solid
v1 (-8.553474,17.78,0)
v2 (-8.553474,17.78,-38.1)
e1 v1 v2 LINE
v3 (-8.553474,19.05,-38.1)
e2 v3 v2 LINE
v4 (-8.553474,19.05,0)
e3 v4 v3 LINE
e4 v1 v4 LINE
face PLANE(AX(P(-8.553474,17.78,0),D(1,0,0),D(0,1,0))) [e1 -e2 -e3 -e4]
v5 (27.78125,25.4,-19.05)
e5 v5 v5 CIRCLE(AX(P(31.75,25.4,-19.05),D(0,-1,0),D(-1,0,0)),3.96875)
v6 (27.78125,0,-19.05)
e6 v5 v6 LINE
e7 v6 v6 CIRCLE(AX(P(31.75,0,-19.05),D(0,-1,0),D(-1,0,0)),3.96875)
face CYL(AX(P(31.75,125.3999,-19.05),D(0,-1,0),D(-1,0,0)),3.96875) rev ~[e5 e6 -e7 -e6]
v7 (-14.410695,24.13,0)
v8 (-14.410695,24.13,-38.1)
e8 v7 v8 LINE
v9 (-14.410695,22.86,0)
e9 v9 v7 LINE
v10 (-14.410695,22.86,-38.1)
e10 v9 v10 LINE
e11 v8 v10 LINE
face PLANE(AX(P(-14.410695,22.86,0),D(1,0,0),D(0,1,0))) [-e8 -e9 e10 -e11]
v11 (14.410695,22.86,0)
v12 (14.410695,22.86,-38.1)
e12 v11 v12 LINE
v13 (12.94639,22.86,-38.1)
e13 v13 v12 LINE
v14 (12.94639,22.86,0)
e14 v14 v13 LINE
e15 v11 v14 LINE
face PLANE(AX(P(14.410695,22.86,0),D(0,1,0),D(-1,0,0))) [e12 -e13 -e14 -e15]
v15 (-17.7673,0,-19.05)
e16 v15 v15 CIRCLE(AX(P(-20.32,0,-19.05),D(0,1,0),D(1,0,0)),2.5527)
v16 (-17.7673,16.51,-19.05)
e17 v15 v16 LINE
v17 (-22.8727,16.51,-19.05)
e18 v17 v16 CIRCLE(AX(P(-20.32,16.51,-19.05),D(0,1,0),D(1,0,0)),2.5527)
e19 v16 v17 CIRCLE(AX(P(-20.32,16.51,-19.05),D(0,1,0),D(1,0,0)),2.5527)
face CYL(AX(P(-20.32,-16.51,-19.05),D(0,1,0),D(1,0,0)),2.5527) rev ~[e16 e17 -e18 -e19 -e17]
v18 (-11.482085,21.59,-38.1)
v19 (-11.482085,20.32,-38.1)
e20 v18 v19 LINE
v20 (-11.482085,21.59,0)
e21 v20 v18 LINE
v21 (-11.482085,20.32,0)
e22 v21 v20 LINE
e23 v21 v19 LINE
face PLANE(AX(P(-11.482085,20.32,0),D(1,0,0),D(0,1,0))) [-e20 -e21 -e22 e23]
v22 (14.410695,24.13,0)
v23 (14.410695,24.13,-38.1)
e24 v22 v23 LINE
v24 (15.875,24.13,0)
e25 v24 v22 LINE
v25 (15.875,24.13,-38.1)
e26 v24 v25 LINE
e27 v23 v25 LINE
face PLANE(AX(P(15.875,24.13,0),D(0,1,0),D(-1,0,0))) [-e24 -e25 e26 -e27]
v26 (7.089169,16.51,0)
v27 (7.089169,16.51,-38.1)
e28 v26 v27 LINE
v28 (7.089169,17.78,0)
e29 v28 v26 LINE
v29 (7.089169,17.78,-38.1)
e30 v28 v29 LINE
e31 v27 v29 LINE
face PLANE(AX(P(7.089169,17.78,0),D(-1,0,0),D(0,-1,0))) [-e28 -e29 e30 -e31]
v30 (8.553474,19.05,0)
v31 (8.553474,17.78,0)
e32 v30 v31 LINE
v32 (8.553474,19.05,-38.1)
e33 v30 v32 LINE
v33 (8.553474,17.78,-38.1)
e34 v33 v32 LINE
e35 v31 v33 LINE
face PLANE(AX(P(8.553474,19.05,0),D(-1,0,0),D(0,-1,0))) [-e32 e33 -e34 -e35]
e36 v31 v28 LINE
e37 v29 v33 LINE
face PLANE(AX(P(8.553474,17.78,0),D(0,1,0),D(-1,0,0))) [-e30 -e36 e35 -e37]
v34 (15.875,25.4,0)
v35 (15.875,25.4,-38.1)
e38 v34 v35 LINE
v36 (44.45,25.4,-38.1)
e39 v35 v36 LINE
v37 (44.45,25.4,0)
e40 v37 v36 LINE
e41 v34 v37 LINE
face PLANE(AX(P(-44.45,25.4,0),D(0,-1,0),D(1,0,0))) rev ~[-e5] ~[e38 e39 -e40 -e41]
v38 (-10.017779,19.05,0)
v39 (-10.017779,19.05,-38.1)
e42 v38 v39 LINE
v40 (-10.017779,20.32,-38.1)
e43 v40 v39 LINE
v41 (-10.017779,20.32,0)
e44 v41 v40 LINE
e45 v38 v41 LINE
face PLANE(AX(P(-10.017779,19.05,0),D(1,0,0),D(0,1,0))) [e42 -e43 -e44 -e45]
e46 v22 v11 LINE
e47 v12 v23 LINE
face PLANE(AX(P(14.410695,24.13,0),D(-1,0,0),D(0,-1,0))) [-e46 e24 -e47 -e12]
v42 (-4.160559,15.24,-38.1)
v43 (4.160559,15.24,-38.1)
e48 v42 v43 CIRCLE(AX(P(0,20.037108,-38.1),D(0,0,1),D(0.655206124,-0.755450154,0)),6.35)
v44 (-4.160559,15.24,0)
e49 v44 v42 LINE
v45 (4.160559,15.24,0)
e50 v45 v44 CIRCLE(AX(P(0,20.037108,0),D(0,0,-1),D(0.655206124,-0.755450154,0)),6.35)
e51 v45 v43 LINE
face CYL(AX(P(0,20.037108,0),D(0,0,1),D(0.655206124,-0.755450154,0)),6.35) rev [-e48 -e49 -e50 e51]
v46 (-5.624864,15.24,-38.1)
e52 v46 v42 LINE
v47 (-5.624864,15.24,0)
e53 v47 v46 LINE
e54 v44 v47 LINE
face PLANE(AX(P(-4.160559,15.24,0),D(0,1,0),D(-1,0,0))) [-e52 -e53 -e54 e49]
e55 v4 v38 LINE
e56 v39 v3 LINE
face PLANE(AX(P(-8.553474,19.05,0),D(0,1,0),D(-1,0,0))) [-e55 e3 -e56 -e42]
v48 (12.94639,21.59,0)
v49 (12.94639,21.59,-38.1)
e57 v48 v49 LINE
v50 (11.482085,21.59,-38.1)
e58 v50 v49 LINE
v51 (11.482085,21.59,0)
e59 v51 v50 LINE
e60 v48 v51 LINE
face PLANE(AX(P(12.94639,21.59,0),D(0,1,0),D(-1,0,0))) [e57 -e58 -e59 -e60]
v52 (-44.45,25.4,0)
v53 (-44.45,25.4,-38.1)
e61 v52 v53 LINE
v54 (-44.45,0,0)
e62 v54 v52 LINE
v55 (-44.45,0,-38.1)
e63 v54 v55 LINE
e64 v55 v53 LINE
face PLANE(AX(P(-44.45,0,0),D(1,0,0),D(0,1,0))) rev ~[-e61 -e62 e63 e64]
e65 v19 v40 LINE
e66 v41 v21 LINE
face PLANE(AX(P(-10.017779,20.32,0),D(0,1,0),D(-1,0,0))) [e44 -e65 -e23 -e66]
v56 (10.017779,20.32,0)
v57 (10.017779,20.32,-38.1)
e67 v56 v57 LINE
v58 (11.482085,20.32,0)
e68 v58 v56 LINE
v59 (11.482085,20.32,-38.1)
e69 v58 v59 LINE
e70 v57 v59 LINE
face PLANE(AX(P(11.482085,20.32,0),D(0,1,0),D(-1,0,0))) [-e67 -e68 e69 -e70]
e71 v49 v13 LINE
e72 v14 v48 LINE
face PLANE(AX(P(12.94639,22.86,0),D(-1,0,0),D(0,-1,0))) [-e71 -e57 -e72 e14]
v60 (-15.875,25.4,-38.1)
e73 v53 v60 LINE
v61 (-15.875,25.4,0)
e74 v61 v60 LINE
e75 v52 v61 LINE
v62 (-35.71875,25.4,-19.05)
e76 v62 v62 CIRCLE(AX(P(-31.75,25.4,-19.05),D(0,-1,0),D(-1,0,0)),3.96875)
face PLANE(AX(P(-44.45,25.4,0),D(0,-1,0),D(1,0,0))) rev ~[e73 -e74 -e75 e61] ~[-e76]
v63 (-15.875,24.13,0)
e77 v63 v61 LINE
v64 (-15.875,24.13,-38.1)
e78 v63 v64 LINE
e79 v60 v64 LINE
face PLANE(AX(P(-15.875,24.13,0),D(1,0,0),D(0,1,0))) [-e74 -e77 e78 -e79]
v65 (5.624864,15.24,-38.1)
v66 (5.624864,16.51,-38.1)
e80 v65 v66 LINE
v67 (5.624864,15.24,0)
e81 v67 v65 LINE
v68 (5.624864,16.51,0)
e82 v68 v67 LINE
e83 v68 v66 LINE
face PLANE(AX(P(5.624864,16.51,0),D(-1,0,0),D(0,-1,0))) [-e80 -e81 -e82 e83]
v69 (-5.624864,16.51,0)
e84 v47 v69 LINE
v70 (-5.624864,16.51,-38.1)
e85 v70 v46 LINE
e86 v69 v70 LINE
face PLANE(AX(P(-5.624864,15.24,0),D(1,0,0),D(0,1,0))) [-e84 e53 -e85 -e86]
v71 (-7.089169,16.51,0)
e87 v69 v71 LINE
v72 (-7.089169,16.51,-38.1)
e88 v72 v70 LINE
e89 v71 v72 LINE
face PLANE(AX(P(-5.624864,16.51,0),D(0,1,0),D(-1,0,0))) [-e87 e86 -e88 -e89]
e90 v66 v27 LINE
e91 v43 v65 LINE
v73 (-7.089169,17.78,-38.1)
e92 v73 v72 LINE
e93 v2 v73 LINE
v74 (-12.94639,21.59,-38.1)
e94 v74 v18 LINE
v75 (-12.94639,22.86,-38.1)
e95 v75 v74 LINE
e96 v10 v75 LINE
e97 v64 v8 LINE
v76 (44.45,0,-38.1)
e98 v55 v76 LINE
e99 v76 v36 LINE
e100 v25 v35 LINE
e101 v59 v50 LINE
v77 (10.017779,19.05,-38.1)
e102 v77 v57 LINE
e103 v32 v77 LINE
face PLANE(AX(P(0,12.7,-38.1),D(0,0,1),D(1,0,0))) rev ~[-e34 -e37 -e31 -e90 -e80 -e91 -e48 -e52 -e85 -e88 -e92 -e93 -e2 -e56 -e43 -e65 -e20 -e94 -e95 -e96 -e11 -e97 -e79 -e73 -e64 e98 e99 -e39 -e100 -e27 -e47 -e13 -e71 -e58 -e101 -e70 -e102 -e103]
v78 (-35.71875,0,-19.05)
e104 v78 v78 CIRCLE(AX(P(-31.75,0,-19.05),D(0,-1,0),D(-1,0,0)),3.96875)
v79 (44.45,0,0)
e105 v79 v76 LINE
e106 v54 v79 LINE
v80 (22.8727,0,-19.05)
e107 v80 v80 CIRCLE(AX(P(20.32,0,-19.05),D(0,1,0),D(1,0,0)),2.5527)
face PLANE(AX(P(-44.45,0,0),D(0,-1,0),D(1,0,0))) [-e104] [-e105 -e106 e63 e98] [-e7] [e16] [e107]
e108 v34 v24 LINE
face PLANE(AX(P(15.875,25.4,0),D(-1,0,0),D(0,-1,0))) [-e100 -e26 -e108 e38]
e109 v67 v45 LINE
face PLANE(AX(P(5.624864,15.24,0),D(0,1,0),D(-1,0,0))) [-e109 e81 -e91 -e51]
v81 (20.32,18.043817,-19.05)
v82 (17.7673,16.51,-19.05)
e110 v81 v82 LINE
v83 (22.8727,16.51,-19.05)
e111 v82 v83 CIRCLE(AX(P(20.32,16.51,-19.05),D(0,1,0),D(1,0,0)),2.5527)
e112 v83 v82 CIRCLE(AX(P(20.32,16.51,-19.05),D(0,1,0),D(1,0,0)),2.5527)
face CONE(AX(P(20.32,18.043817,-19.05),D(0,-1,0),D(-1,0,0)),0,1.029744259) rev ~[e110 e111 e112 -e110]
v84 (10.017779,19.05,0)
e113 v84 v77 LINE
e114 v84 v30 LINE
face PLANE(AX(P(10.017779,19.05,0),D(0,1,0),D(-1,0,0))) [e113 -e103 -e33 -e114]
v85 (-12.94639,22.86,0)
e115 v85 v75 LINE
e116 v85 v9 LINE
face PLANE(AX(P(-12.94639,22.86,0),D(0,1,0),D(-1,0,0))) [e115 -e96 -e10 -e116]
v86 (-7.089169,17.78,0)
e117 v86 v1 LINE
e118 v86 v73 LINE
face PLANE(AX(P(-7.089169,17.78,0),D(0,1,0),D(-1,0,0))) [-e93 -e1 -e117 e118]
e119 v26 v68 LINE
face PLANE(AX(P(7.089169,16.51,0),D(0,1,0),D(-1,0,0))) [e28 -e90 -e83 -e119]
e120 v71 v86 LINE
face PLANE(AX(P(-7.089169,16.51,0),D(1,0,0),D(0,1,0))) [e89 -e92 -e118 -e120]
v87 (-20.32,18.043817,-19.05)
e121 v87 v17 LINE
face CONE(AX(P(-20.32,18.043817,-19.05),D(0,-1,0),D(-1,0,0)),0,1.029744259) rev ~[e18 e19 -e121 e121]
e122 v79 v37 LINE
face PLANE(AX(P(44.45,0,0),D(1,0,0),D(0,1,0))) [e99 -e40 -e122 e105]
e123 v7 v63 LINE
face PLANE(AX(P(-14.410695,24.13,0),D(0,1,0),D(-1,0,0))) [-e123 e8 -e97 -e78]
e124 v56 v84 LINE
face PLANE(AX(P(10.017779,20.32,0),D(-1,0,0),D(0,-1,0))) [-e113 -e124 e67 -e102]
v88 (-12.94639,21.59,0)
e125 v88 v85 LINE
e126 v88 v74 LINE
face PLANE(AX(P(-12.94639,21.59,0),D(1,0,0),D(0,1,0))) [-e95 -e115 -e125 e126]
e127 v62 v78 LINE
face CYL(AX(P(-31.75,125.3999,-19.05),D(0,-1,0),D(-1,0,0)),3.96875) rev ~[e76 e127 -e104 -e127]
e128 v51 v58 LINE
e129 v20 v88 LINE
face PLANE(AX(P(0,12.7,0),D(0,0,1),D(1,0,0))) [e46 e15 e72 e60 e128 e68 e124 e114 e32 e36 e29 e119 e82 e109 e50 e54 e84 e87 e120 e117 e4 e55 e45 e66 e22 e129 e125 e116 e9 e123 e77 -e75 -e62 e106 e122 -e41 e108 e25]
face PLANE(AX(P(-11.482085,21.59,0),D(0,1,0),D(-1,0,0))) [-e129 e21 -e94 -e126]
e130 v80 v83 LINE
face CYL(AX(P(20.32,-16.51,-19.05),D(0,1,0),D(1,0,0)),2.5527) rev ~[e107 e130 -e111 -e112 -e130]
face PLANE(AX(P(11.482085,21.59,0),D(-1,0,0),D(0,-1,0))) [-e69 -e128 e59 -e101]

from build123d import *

# Parameters (mm, degrees)
SKETCH1_W                   = 88.9
SKETCH1_H                   = 25.4
BOSS_EXTRUDE1_DEPTH         = 38.1
CUT_EXTRUDE1_REACH          = 40.1
F_3_8_16_TAPPED_HOLE1_D     = 7.9375
F_1_4_20_TAPPED_HOLE1_D     = 5.1054
F_1_4_20_TAPPED_HOLE1_DEPTH = 16.51
F_1_4_20_TAPPED_HOLE1_TIP   = 1.533816902


with BuildPart() as part:
    # Sketch1 → Boss-Extrude1 (new body)
    with BuildSketch(Plane.XY):
        with Locations((0, 12.7)):
            Rectangle(SKETCH1_W, SKETCH1_H)
    extrude(amount=-BOSS_EXTRUDE1_DEPTH)

    # Sketch2 → Cut-Extrude1 (cut, up to next)
    with BuildSketch(Plane.XY, mode=Mode.PRIVATE) as cut_extrude1_sk1:
        with BuildLine():
            Line((-15.875, 25.4), (0, 25.4))
            Line((0, 25.4), (15.875, 25.4))
            Line((15.875, 25.4), (15.875, 24.13))
            Line((15.875, 24.13), (14.410694861, 24.13))
            Line((14.410694861, 24.13), (14.410694861, 22.86))
            Line((14.410694861, 22.86), (12.946389723, 22.86))
            Line((12.946389723, 22.86), (12.946389723, 21.59))
            Line((12.946389723, 21.59), (11.482084584, 21.59))
            Line((11.482084584, 21.59), (11.482084584, 20.32))
            Line((11.482084584, 20.32), (10.017779445, 20.32))
            Line((10.017779445, 20.32), (10.017779445, 19.05))
            Line((10.017779445, 19.05), (8.553474306, 19.05))
            Line((8.553474306, 19.05), (8.553474306, 17.78))
            Line((8.553474306, 17.78), (7.089169168, 17.78))
            Line((7.089169168, 17.78), (7.089169168, 16.51))
            Line((7.089169168, 16.51), (5.624864029, 16.51))
            Line((5.624864029, 16.51), (5.624864029, 15.24))
            Line((5.624864029, 15.24), (4.16055889, 15.24))
            ThreePointArc((4.16055889, 15.24), (0, 13.687108475), (-4.16055889, 15.24))
            Line((-4.16055889, 15.24), (-5.624864029, 15.24))
            Line((-5.624864029, 15.24), (-5.624864029, 16.51))
            Line((-5.624864029, 16.51), (-7.089169168, 16.51))
            Line((-7.089169168, 16.51), (-7.089169168, 17.78))
            Line((-7.089169168, 17.78), (-8.553474306, 17.78))
            Line((-8.553474306, 17.78), (-8.553474306, 19.05))
            Line((-8.553474306, 19.05), (-10.017779445, 19.05))
            Line((-10.017779445, 19.05), (-10.017779445, 20.32))
            Line((-10.017779445, 20.32), (-11.482084584, 20.32))
            Line((-11.482084584, 20.32), (-11.482084584, 21.59))
            Line((-11.482084584, 21.59), (-12.946389723, 21.59))
            Line((-12.946389723, 21.59), (-12.946389723, 22.86))
            Line((-12.946389723, 22.86), (-14.410694861, 22.86))
            Line((-14.410694861, 22.86), (-14.410694861, 24.13))
            Line((-14.410694861, 24.13), (-15.875, 24.13))
            Line((-15.875, 24.13), (-15.875, 25.4))
        make_face()
    cut_extrude1_tool1 = extrude(cut_extrude1_sk1.sketch, amount=-CUT_EXTRUDE1_REACH, mode=Mode.PRIVATE) & part.part
    add(cut_extrude1_tool1.solids().sort_by_distance((0, 20.970592, 0))[0], mode=Mode.SUBTRACT)

    # 3/8-16 Tapped Hole1 (through all)
    with Locations(Plane(origin=(0, 25.4, 0), x_dir=(1, 0, 0), z_dir=(0, 1, 0))):
        with Locations((-31.75, 19.05), (31.75, 19.05)):
            Hole(F_3_8_16_TAPPED_HOLE1_D / 2)

    # 1/4-20 Tapped Hole1
    with Locations(Plane(origin=(0, 0, 0), x_dir=(-1, 0, 0), z_dir=(0, -1, 0))):
        with Locations((-20.32, 19.05), (20.32, 19.05)):
            Hole(F_1_4_20_TAPPED_HOLE1_D / 2, depth=F_1_4_20_TAPPED_HOLE1_DEPTH)
            with Locations((0, 0, -(F_1_4_20_TAPPED_HOLE1_DEPTH + F_1_4_20_TAPPED_HOLE1_TIP / 2))):  # 118° drill point
                Cone(0, F_1_4_20_TAPPED_HOLE1_D / 2, F_1_4_20_TAPPED_HOLE1_TIP, mode=Mode.SUBTRACT)


solid = part.part
